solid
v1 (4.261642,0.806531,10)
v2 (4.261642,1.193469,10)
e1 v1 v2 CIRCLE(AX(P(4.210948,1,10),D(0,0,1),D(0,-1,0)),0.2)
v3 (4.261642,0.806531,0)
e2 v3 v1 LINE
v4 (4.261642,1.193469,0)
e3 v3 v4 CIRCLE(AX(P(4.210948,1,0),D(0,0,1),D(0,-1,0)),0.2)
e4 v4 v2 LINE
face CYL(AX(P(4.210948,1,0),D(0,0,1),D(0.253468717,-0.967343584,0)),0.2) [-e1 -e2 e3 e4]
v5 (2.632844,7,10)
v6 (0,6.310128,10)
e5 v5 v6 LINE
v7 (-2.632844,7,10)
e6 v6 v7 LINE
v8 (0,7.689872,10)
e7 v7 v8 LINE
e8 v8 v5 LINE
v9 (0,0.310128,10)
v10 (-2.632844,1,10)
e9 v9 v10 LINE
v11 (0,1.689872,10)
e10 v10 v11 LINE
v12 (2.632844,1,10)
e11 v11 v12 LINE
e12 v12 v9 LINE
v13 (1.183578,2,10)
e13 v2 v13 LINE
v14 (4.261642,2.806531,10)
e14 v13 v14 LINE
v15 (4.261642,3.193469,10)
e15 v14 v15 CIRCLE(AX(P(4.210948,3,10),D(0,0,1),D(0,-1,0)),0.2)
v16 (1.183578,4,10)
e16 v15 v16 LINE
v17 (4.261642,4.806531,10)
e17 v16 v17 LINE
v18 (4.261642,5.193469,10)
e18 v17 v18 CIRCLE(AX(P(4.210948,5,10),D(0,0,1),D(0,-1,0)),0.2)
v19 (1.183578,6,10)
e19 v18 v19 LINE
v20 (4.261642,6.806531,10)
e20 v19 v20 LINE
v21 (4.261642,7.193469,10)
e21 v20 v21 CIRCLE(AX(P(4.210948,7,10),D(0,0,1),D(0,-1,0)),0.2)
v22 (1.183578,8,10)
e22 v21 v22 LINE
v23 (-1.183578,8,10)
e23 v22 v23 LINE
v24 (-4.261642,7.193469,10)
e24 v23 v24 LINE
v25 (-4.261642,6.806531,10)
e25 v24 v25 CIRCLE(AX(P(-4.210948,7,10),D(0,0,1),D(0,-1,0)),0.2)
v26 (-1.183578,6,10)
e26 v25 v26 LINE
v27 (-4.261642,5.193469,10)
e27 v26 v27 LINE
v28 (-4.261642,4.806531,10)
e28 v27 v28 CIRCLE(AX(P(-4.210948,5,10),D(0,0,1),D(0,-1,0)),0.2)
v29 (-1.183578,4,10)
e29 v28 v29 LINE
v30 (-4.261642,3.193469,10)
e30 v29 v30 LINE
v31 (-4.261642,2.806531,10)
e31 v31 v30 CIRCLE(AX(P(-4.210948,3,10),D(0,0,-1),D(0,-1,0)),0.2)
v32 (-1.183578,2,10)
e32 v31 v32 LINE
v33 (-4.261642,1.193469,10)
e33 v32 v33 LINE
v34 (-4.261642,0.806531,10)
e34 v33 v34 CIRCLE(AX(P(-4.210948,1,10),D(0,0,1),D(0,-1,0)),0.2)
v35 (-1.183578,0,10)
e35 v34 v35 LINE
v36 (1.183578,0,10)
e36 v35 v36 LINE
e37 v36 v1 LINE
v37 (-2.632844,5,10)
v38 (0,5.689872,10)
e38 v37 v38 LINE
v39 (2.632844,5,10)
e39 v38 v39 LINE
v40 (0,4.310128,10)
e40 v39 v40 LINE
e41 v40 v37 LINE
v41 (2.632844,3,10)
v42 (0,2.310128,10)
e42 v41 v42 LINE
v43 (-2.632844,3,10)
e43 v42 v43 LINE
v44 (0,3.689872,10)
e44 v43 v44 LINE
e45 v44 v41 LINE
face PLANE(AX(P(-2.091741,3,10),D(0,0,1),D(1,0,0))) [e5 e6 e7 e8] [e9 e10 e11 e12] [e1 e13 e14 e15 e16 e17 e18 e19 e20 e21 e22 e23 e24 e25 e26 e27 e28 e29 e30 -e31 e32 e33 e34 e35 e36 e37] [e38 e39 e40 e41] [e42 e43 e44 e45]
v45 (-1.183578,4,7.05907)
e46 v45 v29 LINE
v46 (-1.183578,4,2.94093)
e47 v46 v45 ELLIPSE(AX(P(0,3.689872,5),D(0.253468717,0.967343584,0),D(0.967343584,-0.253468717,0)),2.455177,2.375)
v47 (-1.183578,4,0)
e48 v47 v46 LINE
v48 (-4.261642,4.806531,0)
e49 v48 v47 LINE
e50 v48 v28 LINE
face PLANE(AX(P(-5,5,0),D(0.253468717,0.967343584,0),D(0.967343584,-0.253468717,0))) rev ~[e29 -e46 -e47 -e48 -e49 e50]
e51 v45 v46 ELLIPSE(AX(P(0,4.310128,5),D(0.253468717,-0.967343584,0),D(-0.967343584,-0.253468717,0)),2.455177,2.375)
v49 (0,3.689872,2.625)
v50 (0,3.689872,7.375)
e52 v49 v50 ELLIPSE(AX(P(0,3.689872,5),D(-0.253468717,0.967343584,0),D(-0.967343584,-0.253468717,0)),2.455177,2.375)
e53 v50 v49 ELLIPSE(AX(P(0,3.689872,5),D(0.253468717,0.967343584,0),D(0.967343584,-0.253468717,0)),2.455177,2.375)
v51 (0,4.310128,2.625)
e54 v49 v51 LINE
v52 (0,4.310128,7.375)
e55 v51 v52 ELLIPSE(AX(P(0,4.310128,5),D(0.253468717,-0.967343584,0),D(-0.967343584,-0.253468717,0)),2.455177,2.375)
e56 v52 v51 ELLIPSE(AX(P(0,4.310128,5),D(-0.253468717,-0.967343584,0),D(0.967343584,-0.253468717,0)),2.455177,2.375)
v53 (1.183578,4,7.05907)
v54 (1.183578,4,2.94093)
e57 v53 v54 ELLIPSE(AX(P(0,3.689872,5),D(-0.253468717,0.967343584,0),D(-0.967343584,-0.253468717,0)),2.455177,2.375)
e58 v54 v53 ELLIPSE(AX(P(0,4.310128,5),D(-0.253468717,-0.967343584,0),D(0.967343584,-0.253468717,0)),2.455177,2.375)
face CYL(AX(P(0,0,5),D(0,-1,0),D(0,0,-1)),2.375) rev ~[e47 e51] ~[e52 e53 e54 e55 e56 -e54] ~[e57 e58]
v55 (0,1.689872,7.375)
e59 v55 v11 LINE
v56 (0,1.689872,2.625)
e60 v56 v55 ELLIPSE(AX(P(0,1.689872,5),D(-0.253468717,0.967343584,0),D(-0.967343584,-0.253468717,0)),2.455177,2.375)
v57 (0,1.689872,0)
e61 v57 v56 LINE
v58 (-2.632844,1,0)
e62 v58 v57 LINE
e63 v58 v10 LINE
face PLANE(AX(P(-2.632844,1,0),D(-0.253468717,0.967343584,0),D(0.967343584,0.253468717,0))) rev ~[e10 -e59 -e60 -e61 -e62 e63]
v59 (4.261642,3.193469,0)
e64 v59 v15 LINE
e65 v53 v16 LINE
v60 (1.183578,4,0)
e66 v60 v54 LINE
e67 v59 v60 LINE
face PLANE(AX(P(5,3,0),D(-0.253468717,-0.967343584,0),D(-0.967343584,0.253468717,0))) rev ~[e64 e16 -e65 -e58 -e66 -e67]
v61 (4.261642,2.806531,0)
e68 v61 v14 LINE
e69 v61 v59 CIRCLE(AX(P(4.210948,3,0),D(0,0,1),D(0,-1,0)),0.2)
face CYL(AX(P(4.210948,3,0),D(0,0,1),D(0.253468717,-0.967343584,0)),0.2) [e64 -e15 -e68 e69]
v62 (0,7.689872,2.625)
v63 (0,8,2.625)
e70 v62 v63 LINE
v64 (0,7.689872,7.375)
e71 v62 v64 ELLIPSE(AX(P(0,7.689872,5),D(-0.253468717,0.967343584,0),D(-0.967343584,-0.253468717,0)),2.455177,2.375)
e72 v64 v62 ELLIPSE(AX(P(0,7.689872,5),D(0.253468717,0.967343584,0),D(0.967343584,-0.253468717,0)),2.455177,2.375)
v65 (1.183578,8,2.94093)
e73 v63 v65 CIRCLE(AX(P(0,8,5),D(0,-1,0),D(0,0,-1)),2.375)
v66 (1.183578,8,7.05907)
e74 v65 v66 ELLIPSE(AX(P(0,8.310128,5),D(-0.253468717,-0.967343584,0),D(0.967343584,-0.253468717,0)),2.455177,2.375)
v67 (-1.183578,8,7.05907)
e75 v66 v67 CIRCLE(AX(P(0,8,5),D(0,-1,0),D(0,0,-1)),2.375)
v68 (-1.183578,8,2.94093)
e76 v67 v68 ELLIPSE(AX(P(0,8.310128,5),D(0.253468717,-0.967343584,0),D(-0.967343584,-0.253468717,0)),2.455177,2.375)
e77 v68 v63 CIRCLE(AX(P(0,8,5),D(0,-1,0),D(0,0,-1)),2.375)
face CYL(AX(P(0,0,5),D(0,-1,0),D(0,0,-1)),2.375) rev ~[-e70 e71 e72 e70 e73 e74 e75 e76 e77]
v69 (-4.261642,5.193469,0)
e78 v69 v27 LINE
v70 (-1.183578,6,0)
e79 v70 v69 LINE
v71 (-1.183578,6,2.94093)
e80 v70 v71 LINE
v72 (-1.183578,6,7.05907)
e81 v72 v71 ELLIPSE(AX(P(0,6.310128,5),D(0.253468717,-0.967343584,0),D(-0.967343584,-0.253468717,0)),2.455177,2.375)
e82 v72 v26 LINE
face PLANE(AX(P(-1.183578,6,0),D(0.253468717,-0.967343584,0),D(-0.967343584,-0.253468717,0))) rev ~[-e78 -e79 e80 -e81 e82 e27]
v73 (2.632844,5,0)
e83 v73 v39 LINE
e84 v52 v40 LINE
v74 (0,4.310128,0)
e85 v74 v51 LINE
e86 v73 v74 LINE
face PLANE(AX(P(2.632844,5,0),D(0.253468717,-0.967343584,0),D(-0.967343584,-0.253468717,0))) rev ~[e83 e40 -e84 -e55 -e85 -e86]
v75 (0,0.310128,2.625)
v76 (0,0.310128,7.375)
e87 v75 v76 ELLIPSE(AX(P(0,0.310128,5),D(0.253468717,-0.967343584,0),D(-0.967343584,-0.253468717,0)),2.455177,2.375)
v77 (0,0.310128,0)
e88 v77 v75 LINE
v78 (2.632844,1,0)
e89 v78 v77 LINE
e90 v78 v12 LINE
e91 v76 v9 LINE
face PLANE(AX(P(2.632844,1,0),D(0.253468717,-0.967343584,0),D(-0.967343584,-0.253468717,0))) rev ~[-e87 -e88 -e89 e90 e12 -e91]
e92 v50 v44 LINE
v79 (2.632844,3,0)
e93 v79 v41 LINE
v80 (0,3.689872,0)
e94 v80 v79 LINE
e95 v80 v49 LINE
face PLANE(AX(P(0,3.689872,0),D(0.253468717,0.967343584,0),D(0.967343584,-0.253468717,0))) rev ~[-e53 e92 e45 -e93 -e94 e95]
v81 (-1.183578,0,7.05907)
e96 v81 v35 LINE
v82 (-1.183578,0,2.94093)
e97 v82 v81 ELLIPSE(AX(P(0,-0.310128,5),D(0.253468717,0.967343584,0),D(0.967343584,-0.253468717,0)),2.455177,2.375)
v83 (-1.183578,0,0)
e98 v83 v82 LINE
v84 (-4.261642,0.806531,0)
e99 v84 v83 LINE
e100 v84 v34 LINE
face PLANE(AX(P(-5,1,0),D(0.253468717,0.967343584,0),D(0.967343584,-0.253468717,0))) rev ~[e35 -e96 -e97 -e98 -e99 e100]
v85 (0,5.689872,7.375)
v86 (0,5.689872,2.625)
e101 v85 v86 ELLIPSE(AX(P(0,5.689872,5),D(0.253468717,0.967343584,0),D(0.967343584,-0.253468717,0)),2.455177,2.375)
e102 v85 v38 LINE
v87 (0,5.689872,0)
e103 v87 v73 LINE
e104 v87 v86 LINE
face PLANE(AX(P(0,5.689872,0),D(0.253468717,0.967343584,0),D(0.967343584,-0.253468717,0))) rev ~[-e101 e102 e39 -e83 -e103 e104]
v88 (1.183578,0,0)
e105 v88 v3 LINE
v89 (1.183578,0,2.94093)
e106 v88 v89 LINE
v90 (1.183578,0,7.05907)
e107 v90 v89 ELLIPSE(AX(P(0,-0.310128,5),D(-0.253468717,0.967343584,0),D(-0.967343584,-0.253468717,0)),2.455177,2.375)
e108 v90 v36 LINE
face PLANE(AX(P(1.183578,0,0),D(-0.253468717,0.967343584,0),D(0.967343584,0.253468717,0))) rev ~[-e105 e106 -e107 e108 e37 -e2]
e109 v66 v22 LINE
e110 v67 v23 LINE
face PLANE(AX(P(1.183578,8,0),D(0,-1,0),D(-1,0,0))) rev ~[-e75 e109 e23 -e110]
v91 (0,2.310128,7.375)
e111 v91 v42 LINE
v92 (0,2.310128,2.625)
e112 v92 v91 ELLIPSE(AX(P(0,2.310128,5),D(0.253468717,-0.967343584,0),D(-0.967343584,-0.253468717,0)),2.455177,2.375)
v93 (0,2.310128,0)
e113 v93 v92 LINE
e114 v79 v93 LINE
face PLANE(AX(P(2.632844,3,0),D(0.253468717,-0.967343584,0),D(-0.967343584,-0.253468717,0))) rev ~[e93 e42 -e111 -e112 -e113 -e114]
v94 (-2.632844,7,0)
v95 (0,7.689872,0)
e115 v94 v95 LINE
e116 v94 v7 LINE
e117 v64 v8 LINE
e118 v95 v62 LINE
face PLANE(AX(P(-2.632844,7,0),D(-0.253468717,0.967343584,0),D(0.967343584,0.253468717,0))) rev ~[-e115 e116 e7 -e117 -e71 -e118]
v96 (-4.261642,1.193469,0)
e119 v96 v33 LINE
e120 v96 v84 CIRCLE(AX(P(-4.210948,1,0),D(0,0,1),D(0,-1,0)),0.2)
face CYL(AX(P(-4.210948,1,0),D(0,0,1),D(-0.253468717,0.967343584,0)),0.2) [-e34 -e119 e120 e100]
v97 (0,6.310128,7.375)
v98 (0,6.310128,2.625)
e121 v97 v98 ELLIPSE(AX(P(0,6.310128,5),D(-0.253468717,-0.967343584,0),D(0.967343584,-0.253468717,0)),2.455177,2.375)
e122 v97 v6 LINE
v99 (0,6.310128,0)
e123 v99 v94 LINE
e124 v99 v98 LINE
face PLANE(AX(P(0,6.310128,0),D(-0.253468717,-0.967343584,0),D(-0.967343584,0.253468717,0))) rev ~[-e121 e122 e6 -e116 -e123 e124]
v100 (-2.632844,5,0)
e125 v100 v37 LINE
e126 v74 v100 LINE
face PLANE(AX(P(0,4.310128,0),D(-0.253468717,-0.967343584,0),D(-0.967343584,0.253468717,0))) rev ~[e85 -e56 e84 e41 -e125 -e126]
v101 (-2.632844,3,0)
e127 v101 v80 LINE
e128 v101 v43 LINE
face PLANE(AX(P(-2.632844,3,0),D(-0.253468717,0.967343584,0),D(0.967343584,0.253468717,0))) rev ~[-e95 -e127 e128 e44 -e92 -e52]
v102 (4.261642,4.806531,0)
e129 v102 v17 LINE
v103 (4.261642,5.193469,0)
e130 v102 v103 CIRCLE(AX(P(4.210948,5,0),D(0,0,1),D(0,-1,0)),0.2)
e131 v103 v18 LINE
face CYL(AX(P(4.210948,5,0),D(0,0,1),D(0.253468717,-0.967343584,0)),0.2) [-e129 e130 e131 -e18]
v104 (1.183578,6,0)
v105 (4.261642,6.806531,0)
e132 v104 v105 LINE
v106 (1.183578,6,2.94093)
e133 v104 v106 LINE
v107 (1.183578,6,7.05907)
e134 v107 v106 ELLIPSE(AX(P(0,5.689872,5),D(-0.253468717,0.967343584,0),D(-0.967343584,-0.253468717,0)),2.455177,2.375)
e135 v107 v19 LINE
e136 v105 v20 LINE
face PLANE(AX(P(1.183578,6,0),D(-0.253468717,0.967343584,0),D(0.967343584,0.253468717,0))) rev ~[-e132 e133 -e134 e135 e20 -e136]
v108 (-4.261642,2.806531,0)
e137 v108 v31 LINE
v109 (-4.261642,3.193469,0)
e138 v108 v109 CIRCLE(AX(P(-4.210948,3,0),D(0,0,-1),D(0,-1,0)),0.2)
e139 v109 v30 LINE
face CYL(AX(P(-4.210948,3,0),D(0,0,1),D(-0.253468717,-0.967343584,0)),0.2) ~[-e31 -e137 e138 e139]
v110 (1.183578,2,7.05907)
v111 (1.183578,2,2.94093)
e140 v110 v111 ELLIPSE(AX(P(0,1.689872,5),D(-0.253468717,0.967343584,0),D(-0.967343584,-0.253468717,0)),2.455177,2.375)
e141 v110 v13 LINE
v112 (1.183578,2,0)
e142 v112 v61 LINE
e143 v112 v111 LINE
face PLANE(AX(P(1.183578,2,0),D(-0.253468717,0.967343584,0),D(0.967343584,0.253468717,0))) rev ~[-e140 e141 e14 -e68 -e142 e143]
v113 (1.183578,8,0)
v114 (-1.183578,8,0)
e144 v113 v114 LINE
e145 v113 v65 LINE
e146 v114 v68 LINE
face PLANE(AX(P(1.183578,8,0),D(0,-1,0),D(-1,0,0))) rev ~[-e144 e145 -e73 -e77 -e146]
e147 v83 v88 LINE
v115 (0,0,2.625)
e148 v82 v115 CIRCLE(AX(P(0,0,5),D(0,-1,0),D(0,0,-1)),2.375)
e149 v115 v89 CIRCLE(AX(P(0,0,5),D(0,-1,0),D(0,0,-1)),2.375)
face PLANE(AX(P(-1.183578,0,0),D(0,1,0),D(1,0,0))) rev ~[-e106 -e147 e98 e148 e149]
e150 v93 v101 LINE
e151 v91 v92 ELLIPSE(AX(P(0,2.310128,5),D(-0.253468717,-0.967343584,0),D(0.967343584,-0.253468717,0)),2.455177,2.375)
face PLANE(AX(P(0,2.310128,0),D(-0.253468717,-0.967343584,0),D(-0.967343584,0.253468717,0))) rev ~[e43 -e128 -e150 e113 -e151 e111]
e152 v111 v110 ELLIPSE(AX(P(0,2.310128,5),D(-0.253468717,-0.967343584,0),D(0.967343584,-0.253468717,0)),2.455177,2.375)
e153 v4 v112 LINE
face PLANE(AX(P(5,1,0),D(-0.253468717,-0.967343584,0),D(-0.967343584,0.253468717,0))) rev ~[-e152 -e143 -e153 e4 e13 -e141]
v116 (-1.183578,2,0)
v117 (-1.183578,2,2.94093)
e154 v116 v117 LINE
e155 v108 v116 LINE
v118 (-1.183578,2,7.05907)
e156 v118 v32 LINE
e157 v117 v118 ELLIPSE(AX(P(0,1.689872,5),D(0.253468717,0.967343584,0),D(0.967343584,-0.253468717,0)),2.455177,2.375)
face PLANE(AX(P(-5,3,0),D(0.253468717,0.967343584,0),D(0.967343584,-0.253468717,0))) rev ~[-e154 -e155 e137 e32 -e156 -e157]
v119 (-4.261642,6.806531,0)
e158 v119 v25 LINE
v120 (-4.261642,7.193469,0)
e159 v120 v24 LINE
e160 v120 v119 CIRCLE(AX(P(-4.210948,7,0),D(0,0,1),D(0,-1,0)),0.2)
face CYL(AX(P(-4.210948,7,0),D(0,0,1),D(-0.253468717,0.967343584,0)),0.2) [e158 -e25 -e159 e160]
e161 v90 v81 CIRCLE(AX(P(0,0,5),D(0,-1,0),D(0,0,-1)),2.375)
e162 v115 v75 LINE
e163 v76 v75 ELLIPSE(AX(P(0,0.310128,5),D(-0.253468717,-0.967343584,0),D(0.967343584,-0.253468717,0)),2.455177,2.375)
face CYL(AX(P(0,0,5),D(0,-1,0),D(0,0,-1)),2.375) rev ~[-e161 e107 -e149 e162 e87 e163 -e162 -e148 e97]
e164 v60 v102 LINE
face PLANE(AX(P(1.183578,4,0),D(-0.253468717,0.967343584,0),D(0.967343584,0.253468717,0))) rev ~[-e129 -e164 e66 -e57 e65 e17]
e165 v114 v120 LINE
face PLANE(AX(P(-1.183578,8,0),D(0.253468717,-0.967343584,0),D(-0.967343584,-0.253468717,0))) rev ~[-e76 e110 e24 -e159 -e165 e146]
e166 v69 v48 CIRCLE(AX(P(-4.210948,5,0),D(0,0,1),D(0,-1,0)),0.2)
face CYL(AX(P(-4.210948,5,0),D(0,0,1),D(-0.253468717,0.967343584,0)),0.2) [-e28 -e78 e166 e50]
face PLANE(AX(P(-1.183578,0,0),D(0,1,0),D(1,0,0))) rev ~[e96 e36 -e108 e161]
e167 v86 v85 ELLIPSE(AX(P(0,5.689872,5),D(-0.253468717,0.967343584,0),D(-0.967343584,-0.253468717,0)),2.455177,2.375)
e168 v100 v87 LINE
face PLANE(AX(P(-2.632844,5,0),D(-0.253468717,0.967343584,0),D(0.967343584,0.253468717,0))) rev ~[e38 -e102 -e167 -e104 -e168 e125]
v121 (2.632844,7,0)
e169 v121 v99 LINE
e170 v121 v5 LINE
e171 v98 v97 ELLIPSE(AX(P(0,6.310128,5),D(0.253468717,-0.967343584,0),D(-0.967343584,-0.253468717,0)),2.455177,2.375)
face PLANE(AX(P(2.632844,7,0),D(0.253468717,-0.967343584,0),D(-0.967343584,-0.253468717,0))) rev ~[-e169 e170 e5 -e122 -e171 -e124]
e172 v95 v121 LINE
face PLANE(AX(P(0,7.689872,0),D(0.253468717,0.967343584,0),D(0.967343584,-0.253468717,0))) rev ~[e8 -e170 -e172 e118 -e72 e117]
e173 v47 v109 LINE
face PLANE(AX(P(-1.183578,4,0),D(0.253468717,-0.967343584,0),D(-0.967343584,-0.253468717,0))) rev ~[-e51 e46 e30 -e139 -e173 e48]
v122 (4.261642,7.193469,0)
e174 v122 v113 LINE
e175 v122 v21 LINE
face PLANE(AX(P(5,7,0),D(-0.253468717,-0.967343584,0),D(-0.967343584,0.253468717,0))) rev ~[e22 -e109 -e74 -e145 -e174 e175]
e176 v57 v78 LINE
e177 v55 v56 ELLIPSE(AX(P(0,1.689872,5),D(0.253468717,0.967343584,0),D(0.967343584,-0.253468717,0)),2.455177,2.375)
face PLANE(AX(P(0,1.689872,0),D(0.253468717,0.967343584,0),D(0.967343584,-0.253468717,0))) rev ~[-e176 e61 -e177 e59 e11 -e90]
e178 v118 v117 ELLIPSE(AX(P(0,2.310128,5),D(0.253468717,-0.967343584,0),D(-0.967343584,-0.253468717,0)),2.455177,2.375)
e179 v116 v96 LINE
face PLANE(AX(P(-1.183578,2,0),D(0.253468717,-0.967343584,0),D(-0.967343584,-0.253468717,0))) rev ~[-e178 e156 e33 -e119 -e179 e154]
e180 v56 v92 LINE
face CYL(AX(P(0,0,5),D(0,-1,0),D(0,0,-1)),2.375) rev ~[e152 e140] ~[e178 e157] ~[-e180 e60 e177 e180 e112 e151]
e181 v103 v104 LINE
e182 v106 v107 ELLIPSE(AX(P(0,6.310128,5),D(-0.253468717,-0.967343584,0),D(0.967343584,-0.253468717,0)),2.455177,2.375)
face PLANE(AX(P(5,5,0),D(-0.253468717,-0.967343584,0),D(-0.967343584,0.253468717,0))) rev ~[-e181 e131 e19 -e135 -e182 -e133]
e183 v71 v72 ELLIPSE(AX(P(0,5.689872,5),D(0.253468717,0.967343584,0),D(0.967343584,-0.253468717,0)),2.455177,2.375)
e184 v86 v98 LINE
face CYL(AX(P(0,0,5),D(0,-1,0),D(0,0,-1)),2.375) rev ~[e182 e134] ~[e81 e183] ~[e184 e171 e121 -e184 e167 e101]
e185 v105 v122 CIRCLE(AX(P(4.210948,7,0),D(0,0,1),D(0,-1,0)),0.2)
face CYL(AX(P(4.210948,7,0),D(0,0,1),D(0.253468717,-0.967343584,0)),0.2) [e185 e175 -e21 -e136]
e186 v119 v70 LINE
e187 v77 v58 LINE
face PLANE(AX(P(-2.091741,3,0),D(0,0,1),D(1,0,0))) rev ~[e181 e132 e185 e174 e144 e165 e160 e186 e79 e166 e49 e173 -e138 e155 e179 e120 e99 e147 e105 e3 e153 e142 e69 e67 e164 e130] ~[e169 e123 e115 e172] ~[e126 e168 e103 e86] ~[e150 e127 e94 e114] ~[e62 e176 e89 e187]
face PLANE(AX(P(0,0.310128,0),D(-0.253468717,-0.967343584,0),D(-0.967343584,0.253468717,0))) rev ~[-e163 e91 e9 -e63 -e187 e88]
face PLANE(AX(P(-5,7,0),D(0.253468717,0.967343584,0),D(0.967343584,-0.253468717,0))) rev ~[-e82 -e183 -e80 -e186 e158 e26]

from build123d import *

# Parameters (mm, degrees)
BOSS_EXTRUDE3_DEPTH = 10
LPATTERN1_COUNT     = 4
LPATTERN1_PITCH     = 2
SKETCH3_R           = 2.375
CUT_EXTRUDE1_DEPTH  = 14.747727085
FILLET1_R           = 0.2


with BuildPart() as part:
    # Sketch2 → Boss-Extrude3 (new body)
    with BuildSketch(Plane.XY):
        Polygon((-5, 1), (-1.183578012, 0), (0, 0.310127658), (-2.632843976, 1), (0, 1.689872342), (-1.183578012, 2), align=None)
        Polygon((0, 0.310127658), (1.183578012, 0), (5, 1), (1.183578012, 2), (0, 1.689872342), (2.632843976, 1), align=None)
        Polygon((1.183578012, 2), (-1.183578012, 2), (0, 1.689872342), align=None)
        Polygon((0, 0.310127658), (-1.183578012, 0), (1.183578012, 0), align=None)
    boss_extrude3 = extrude(amount=BOSS_EXTRUDE3_DEPTH)

    # LPattern1: Boss-Extrude3 ×4
    with Locations(*[(0, i * LPATTERN1_PITCH, 0) for i in range(1, LPATTERN1_COUNT)]):
        add(boss_extrude3)

    # Sketch3 → Cut-Extrude1 (cut, through all)
    with BuildSketch(Plane.XZ):
        with Locations(Location((0, 5, 0), (0, 0, 270))):
            Circle(SKETCH3_R)
    extrude(amount=-CUT_EXTRUDE1_DEPTH, mode=Mode.SUBTRACT)

    # Fillet1
    fillet1_edges = [part.edges().sort_by_distance(p)[0] for p in [
        (5, 1, 5),
        (-5, 1, 5),
        (5, 3, 5),
        (-5, 3, 5),
        (5, 5, 5),
        (-5, 5, 5),
        (5, 7, 5),
        (-5, 7, 5),
    ]]
    fillet(fillet1_edges, radius=FILLET1_R)


solid = part.part
